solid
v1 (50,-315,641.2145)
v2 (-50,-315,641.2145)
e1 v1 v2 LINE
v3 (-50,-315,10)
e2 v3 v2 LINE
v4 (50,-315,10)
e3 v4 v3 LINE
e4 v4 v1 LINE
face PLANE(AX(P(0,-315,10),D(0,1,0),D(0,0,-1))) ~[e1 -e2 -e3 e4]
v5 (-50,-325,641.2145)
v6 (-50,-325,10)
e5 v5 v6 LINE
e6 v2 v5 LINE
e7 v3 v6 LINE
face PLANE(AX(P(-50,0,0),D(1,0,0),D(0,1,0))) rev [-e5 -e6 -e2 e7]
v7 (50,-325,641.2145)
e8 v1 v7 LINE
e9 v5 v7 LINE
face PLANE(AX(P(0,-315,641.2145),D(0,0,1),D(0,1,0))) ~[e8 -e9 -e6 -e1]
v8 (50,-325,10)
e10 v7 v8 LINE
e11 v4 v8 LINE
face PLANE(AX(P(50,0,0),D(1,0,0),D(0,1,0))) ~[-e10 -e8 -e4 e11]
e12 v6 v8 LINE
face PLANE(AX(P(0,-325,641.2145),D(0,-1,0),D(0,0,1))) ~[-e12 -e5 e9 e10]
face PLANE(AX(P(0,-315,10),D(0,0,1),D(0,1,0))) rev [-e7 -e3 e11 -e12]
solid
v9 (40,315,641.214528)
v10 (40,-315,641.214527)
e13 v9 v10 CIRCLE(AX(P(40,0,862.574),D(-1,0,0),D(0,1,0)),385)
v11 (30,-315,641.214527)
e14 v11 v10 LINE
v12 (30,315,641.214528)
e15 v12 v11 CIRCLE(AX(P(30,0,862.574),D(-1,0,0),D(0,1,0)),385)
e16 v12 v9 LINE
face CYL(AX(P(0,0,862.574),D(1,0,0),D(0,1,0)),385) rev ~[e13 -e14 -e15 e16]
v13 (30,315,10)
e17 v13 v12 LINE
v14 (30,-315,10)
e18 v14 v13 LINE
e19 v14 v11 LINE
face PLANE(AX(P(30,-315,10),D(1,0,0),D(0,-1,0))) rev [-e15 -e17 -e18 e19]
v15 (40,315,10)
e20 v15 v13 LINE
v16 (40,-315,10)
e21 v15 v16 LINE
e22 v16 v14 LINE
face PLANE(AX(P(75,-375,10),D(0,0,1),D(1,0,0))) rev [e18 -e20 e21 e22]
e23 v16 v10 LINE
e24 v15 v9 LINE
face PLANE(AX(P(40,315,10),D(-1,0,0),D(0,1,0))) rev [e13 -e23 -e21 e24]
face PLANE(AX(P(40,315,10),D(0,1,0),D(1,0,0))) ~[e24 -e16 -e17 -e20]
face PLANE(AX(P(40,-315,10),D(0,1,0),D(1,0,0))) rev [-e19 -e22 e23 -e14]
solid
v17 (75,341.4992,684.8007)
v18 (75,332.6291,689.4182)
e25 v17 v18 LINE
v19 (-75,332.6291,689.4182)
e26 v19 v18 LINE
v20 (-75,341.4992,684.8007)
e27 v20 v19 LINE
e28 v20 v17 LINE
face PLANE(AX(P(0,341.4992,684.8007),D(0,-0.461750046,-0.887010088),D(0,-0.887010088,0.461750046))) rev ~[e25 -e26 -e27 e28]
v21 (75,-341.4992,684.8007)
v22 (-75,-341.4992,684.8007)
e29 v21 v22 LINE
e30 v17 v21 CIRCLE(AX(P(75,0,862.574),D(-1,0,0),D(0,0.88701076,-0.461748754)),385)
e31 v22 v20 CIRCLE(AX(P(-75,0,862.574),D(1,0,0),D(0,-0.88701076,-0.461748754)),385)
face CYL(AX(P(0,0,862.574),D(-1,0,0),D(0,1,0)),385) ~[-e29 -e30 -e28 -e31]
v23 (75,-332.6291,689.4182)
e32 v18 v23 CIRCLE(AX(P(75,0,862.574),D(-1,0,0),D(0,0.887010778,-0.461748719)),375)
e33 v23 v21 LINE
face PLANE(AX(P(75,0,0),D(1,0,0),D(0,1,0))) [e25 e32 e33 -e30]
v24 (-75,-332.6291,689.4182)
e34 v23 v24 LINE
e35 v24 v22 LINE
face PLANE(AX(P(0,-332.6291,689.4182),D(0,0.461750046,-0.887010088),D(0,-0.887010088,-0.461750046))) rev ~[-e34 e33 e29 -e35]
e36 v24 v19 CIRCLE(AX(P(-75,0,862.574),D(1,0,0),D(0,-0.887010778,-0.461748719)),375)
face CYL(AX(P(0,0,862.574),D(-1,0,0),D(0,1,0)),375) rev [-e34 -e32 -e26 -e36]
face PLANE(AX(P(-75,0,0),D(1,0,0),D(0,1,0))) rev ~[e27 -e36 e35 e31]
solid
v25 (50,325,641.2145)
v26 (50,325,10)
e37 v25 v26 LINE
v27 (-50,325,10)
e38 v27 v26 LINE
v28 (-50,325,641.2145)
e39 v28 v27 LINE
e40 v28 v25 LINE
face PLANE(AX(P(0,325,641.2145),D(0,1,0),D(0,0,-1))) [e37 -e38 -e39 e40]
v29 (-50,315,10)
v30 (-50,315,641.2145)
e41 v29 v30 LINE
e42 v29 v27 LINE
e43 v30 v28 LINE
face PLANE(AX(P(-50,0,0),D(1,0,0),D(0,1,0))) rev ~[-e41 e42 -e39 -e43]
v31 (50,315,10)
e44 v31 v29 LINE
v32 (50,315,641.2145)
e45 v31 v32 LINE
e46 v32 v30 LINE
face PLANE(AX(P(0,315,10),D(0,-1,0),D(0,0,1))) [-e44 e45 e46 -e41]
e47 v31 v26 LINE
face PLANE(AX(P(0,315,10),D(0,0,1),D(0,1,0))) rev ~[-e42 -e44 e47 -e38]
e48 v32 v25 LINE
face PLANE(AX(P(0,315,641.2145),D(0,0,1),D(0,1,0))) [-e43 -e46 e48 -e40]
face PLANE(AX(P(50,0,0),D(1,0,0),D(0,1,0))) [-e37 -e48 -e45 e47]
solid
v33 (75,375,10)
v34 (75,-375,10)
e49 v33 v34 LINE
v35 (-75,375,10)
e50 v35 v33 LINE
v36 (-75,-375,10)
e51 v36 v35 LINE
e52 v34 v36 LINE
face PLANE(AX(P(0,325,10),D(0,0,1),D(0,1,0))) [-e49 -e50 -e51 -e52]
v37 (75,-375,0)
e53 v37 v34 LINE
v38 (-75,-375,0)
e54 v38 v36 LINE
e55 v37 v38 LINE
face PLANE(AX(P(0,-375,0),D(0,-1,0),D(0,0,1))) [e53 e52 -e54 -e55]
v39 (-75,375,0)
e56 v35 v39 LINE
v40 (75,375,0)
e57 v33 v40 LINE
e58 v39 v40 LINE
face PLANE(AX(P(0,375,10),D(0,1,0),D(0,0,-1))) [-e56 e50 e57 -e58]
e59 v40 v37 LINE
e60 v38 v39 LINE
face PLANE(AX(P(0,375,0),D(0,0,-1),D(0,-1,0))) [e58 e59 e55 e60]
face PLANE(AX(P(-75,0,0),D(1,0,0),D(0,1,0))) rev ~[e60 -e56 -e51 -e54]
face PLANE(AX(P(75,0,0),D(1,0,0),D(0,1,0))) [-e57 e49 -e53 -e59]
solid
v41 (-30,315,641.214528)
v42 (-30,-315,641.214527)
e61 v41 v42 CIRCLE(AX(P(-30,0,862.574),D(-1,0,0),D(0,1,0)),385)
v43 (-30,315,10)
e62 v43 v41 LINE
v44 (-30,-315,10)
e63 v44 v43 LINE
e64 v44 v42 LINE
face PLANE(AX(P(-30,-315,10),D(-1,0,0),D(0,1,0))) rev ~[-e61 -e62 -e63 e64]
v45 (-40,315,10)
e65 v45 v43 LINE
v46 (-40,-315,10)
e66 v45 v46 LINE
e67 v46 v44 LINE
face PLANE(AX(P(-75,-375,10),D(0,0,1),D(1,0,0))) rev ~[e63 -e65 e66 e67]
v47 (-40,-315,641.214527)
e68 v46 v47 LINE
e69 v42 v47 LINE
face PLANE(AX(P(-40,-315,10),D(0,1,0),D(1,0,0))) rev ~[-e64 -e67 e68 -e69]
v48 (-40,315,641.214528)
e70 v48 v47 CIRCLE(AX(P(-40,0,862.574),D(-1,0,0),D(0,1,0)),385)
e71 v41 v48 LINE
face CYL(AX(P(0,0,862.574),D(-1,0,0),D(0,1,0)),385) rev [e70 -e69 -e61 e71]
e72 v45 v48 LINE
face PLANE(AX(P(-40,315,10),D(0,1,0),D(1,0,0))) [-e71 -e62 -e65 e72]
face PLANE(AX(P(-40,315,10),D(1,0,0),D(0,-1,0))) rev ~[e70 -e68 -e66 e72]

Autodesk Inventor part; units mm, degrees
ref_plane "YZ Plane" through (0, 0, 0) normal (1, 0, 0) x (0, 1, 0)
ref_plane "XZ Plane" through (0, 0, 0) normal (0, 1, 0) x (-1, 0, 0)
ref_plane "XY Plane" through (0, 0, 0) normal (0, 0, 1) x (1, 0, 0)
sketch "Sketch1" plane through (0, 0, 0) normal (1, 0, 0) x (0, 1, 0)
  line L0 (375, 0) -> (-375, 0)
  line L1 (-375, 0) -> (-375, 10)
  line L2 (-375, 10) -> (375, 10)
  line L3 (375, 10) -> (375, 0)
  line L4 (325, 10) -> (315, 10)
  line L5 (315, 10) -> (315, 641.2145)
  line L6 (315, 641.2145) -> (325, 641.2145)
  line L7 (325, 641.2145) -> (325, 10)
  circle A0 centre (0, 862.574) radius 375
  circle A1 centre (0, 862.574) radius 385
  line L8 (341.4992, 684.8007) -> (332.6291, 689.4182)
  line L9 (-332.6291, 689.4182) -> (-341.4992, 684.8007)
  line L10 (0, 0) -> (0, 862.574)
  circle A2 centre (0, 862.574) radius 375
  line L11 (-100, 10) -> (-100, 275)
  arc A3 (100, 275) -> (-100, 275) centre (0, 275) ccw
  line L12 (100, 275) -> (100, 10)
  line L13 (-90, 10) -> (-90, 275)
  arc A4 (90, 275) -> (-90, 275) centre (0, 275) ccw
  line L14 (90, 275) -> (90, 10)
  line L15 (-100, 10) -> (-90, 10)
  line L16 (90, 10) -> (100, 10)
  dimension "d0" = 750
  dimension "d1" = 10
  dimension "d2" = 750
  dimension "d4" = 10
  dimension "d5" = 10
  dimension "d6" = 50
  dimension "d7" = 125
  dimension "d19" = 750
  dimension "d20" = 100
  dimension "d21" = 265
  dimension "d24" = 10
  dimension "d27" = 0
extrude "Extrusion1" add sketch "Sketch1" along normal mid plane 150 contours L0 L10 L2 L3 | L0 L1 L2 L10
extrude "Extrusion2" add sketch "Sketch1" along normal mid plane 150 separate body contours A1 L10 A0 L8 | A1 L9 A0 L10
extrude "Extrusion3" add sketch "Sketch1" along normal mid plane 100 separate body contours L2 L5 L6 L7
mirror "Mirror1" about plane through (0, 0, 0) normal (0, 1, 0) bodies 3
sketch "Sketch2" plane through (-75, -375, 10) normal (0, 0, 1) x (1, 0, 0)
  line L0 (25, 60) -> (125, 60) projected
  line L1 (25, 690) -> (125, 690) projected
  line L2 (35, 60) -> (45, 60)
  line L3 (45, 60) -> (45, 690)
  line L4 (45, 690) -> (35, 690)
  line L5 (35, 690) -> (35, 60)
  point P0 (75, 375)
  dimension "d14" = 10
  dimension "d15" = 30
extrude "Extrusion4" add sketch "Sketch2" along normal up to next separate body
mirror "Mirror2" about plane through (0, 0, 0) normal (1, 0, 0) bodies 4
extrude "PipeCut" [suppressed]
extrude "PipeCutSup" [suppressed]
equation "\"d4\" = d1"
equation "\"d19\" = Diameter1"
equation "\"d27\" = -0.5 * d2 + 0.5 * d19"
equation "\"d25\" = d12"
equation "\"Diameter1\" = 750"
equation "\"d12\" = 100"
properties part number "Vessel Support" material "Steel"
